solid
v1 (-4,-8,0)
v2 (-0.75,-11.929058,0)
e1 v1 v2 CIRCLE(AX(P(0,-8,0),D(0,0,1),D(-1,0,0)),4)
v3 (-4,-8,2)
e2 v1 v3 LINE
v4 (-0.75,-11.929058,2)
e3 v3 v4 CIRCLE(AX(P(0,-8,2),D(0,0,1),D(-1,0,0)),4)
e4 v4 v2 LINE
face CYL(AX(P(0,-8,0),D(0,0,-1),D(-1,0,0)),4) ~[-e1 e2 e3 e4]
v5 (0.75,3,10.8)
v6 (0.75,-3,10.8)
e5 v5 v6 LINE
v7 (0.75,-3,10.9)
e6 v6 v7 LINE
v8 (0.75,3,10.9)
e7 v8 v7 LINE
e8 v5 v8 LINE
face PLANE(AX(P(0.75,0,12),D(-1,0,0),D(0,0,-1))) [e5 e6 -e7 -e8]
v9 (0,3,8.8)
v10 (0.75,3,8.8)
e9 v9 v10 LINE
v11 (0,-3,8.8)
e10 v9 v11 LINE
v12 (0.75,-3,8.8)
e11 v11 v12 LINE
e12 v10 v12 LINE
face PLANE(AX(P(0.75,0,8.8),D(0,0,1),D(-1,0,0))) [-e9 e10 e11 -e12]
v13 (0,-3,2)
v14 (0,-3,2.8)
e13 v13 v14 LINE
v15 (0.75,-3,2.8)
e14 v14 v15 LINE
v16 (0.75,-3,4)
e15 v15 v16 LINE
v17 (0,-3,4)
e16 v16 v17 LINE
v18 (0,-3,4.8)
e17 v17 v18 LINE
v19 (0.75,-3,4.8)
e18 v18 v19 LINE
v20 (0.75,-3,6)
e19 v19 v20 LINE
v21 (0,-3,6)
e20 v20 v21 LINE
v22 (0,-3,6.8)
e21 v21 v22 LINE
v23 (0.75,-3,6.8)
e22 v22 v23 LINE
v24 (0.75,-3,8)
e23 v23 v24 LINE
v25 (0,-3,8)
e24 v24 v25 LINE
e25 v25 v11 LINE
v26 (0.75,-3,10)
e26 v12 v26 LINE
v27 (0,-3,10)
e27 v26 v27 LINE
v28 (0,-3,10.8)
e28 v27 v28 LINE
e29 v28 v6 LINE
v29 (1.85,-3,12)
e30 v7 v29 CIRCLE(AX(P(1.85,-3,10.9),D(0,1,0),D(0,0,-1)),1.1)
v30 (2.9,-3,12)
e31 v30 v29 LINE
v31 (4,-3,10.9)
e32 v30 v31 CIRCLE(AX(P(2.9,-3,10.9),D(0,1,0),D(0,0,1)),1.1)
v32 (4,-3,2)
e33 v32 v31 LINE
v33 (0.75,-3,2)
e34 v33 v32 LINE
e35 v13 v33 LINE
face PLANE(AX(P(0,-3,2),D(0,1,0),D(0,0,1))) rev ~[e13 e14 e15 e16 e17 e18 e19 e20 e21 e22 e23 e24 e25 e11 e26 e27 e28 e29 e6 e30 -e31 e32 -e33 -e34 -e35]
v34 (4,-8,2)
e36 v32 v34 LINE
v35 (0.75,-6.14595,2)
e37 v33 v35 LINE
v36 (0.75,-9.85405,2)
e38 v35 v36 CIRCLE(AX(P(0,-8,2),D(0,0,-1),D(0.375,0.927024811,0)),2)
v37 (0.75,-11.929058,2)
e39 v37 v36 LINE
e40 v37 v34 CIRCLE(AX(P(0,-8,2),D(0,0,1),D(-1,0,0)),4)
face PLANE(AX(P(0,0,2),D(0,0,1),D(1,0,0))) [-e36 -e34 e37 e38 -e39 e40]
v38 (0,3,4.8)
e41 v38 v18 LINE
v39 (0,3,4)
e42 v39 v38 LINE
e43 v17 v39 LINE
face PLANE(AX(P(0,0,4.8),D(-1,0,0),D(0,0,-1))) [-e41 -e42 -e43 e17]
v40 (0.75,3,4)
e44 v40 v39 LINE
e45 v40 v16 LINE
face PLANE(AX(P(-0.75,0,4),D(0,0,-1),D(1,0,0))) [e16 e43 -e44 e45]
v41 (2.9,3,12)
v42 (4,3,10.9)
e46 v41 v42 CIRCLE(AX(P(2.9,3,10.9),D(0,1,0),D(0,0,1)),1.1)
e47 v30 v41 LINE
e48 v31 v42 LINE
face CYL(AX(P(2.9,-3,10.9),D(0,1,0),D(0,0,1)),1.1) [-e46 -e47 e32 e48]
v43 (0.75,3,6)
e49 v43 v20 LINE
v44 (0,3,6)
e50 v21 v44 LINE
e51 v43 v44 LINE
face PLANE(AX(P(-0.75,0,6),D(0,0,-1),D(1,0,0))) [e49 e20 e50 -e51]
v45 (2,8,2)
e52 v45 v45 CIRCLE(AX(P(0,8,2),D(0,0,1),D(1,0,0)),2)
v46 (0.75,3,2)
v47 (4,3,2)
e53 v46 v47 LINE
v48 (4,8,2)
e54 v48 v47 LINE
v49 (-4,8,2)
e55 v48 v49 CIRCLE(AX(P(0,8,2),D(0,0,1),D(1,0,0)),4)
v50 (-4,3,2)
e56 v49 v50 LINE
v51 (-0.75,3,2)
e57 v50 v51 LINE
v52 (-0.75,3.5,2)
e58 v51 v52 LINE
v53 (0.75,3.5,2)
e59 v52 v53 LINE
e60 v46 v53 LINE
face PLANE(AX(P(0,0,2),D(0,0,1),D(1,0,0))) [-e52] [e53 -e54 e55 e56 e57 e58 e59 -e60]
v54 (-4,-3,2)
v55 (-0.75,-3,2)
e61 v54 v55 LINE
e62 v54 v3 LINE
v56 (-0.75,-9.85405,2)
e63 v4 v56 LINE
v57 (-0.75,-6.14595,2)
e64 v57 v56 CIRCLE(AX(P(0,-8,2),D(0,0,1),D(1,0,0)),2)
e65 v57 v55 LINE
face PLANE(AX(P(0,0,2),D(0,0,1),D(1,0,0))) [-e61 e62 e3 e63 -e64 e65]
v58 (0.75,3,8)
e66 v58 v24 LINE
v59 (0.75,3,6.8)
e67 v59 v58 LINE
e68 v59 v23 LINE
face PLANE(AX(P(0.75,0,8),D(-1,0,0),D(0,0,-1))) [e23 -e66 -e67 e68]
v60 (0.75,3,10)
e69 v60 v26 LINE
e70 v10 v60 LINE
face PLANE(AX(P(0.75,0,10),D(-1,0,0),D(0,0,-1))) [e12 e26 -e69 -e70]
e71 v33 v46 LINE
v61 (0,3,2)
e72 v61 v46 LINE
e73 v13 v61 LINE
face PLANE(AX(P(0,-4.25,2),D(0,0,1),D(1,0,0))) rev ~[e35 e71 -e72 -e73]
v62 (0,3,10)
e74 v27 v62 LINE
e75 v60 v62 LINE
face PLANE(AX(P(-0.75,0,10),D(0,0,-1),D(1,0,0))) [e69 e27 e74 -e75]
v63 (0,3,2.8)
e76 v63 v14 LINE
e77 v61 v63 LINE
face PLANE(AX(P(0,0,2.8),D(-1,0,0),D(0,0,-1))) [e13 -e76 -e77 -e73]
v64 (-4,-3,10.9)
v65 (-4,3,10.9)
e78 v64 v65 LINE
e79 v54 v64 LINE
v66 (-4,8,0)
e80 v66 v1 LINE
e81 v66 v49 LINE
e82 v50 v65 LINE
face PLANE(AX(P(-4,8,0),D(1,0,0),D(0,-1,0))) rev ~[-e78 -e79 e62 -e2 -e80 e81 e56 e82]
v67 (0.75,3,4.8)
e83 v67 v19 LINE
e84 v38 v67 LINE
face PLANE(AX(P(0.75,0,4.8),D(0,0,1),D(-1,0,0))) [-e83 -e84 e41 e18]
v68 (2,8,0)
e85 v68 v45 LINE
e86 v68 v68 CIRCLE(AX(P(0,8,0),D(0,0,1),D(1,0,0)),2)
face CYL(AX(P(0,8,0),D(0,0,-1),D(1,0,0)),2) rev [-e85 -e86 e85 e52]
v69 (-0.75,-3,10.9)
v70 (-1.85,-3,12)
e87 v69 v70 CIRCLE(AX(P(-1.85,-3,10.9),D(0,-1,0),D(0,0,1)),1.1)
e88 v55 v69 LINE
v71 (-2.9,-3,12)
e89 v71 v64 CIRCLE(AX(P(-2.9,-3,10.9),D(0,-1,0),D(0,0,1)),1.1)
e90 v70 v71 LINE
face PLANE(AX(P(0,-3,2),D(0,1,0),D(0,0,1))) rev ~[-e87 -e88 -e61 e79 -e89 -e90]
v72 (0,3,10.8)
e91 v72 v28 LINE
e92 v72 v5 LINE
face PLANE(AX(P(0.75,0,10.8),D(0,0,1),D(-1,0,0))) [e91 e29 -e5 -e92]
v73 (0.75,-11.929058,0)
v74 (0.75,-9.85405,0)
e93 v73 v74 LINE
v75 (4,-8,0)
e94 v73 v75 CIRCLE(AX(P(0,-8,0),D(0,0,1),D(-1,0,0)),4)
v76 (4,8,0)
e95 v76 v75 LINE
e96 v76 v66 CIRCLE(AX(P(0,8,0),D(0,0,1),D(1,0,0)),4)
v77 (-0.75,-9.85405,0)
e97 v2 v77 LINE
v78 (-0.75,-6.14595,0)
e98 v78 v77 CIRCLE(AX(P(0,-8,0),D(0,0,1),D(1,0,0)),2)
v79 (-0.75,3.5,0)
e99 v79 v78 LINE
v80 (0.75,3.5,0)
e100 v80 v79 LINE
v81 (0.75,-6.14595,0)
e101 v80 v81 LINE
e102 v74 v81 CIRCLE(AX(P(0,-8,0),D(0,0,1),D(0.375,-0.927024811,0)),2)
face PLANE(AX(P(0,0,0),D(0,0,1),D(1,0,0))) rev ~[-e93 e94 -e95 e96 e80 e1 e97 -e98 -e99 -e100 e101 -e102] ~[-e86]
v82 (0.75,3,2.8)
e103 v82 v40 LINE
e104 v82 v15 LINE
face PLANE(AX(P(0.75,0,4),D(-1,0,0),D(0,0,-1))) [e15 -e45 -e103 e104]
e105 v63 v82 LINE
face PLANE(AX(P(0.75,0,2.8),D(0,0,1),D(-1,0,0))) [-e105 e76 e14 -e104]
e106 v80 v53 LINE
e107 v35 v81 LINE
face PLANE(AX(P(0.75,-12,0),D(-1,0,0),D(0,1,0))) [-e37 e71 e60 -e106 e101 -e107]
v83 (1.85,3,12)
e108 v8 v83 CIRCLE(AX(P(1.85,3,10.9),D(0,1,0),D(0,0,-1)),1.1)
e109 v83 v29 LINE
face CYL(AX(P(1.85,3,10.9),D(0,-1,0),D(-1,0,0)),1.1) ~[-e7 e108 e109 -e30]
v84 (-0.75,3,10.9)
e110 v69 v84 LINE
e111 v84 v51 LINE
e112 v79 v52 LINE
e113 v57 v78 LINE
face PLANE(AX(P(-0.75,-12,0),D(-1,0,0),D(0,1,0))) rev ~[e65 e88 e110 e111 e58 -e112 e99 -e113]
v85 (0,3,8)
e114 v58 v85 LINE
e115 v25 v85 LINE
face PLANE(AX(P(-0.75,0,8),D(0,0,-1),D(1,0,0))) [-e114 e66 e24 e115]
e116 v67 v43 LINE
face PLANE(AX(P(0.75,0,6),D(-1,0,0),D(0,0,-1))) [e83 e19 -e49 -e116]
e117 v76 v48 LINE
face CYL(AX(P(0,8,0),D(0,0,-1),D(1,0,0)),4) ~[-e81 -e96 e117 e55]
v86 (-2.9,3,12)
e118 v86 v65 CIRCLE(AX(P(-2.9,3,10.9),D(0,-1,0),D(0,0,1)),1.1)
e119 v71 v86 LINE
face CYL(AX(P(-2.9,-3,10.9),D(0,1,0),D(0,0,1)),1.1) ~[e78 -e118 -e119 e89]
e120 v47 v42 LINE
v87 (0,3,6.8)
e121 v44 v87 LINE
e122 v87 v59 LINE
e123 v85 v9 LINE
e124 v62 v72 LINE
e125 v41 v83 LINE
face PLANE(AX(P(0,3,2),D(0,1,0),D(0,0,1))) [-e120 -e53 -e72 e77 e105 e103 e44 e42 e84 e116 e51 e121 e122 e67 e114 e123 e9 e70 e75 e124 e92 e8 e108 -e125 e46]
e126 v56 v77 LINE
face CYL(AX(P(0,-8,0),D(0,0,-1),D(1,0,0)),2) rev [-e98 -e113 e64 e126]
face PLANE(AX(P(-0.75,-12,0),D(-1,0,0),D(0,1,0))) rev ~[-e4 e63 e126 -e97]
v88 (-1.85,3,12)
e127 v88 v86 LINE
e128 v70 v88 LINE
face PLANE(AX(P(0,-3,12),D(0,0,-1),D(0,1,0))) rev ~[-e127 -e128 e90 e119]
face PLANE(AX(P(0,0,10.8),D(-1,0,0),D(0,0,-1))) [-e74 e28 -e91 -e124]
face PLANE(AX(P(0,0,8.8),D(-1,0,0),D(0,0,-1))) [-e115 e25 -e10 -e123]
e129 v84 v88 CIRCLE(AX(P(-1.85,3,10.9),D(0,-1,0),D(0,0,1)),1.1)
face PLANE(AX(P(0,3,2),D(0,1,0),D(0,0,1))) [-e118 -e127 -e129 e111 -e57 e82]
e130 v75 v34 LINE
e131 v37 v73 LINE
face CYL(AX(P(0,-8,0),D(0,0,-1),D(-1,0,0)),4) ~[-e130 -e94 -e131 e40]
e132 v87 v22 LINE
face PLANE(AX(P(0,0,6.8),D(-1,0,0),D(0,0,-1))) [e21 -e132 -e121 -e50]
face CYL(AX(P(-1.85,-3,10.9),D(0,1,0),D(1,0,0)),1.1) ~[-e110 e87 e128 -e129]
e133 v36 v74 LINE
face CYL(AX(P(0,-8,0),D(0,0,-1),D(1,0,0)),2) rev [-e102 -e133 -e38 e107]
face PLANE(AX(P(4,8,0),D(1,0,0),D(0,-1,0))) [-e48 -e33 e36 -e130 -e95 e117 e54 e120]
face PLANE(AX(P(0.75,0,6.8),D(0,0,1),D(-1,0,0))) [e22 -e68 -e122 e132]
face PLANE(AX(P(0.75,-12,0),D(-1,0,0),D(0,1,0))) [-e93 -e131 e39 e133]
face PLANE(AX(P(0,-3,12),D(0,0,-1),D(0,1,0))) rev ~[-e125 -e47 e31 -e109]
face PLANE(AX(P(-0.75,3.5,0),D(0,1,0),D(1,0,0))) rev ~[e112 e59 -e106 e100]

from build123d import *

# Parameters (mm, degrees)
SKETCH_R            = 2
PAD_DEPTH           = 2
SKETCH001_W         = 6
SKETCH001_H         = 10
PAD001_DEPTH        = 4
SKETCH002_W         = 1.5
SKETCH002_H         = 15.5
POCKET_DEPTH        = 2
POCKET001_DEPTH     = 3.5
LINEARPATTERN_COUNT = 7
LINEARPATTERN_PITCH = 2
FILLET_R            = 1.1


with BuildPart() as part:
    # Sketch → Pad (new body)
    with BuildSketch(Plane.XY):
        with BuildLine():
            ThreePointArc((4, 8), (0, 12), (-4, 8))
            Line((-4, 8), (-4, -8))
            ThreePointArc((-4, -8), (0, -12), (4, -8))
            Line((4, 8), (4, -8))
        make_face()
        with Locations((0, 8)):
            Circle(SKETCH_R, mode=Mode.SUBTRACT)
        with Locations((0, -8)):
            Circle(SKETCH_R, mode=Mode.SUBTRACT)
    extrude(amount=PAD_DEPTH)

    # Sketch001 → Pad001 (join, symmetric)
    with BuildSketch(Plane.YZ):
        with Locations((0, 7)):
            Rectangle(SKETCH001_W, SKETCH001_H)
    extrude(amount=PAD001_DEPTH, both=True)

    # Sketch002 → Pocket (cut)
    with BuildSketch(Plane.XY):
        with Locations((0, -4.25)):
            Rectangle(SKETCH002_W, SKETCH002_H)
    extrude(amount=POCKET_DEPTH, mode=Mode.SUBTRACT)

    # Sketch003 → Pocket001 (cut, symmetric)
    with BuildSketch(Plane.XZ):
        Polygon((0, -1.2), (0, -2), (-0.75, -2), (-0.75, 0), (0.75, 0), (0.75, -1.2), align=None)
    pocket001 = extrude(amount=POCKET001_DEPTH, both=True, mode=Mode.SUBTRACT)

    # LinearPattern: Pocket001 ×7
    with Locations(*[(0, 0, i * LINEARPATTERN_PITCH) for i in range(1, LINEARPATTERN_COUNT)]):
        add(pocket001, mode=Mode.SUBTRACT)

    # Fillet
    fillet_edges = [part.edges().sort_by_distance(p)[0] for p in [
        (4, 0, 12),
        (0.75, 0, 12),
        (-0.75, 0, 12),
        (-4, 0, 12),
    ]]
    fillet(fillet_edges, radius=FILLET_R)


solid = part.part
